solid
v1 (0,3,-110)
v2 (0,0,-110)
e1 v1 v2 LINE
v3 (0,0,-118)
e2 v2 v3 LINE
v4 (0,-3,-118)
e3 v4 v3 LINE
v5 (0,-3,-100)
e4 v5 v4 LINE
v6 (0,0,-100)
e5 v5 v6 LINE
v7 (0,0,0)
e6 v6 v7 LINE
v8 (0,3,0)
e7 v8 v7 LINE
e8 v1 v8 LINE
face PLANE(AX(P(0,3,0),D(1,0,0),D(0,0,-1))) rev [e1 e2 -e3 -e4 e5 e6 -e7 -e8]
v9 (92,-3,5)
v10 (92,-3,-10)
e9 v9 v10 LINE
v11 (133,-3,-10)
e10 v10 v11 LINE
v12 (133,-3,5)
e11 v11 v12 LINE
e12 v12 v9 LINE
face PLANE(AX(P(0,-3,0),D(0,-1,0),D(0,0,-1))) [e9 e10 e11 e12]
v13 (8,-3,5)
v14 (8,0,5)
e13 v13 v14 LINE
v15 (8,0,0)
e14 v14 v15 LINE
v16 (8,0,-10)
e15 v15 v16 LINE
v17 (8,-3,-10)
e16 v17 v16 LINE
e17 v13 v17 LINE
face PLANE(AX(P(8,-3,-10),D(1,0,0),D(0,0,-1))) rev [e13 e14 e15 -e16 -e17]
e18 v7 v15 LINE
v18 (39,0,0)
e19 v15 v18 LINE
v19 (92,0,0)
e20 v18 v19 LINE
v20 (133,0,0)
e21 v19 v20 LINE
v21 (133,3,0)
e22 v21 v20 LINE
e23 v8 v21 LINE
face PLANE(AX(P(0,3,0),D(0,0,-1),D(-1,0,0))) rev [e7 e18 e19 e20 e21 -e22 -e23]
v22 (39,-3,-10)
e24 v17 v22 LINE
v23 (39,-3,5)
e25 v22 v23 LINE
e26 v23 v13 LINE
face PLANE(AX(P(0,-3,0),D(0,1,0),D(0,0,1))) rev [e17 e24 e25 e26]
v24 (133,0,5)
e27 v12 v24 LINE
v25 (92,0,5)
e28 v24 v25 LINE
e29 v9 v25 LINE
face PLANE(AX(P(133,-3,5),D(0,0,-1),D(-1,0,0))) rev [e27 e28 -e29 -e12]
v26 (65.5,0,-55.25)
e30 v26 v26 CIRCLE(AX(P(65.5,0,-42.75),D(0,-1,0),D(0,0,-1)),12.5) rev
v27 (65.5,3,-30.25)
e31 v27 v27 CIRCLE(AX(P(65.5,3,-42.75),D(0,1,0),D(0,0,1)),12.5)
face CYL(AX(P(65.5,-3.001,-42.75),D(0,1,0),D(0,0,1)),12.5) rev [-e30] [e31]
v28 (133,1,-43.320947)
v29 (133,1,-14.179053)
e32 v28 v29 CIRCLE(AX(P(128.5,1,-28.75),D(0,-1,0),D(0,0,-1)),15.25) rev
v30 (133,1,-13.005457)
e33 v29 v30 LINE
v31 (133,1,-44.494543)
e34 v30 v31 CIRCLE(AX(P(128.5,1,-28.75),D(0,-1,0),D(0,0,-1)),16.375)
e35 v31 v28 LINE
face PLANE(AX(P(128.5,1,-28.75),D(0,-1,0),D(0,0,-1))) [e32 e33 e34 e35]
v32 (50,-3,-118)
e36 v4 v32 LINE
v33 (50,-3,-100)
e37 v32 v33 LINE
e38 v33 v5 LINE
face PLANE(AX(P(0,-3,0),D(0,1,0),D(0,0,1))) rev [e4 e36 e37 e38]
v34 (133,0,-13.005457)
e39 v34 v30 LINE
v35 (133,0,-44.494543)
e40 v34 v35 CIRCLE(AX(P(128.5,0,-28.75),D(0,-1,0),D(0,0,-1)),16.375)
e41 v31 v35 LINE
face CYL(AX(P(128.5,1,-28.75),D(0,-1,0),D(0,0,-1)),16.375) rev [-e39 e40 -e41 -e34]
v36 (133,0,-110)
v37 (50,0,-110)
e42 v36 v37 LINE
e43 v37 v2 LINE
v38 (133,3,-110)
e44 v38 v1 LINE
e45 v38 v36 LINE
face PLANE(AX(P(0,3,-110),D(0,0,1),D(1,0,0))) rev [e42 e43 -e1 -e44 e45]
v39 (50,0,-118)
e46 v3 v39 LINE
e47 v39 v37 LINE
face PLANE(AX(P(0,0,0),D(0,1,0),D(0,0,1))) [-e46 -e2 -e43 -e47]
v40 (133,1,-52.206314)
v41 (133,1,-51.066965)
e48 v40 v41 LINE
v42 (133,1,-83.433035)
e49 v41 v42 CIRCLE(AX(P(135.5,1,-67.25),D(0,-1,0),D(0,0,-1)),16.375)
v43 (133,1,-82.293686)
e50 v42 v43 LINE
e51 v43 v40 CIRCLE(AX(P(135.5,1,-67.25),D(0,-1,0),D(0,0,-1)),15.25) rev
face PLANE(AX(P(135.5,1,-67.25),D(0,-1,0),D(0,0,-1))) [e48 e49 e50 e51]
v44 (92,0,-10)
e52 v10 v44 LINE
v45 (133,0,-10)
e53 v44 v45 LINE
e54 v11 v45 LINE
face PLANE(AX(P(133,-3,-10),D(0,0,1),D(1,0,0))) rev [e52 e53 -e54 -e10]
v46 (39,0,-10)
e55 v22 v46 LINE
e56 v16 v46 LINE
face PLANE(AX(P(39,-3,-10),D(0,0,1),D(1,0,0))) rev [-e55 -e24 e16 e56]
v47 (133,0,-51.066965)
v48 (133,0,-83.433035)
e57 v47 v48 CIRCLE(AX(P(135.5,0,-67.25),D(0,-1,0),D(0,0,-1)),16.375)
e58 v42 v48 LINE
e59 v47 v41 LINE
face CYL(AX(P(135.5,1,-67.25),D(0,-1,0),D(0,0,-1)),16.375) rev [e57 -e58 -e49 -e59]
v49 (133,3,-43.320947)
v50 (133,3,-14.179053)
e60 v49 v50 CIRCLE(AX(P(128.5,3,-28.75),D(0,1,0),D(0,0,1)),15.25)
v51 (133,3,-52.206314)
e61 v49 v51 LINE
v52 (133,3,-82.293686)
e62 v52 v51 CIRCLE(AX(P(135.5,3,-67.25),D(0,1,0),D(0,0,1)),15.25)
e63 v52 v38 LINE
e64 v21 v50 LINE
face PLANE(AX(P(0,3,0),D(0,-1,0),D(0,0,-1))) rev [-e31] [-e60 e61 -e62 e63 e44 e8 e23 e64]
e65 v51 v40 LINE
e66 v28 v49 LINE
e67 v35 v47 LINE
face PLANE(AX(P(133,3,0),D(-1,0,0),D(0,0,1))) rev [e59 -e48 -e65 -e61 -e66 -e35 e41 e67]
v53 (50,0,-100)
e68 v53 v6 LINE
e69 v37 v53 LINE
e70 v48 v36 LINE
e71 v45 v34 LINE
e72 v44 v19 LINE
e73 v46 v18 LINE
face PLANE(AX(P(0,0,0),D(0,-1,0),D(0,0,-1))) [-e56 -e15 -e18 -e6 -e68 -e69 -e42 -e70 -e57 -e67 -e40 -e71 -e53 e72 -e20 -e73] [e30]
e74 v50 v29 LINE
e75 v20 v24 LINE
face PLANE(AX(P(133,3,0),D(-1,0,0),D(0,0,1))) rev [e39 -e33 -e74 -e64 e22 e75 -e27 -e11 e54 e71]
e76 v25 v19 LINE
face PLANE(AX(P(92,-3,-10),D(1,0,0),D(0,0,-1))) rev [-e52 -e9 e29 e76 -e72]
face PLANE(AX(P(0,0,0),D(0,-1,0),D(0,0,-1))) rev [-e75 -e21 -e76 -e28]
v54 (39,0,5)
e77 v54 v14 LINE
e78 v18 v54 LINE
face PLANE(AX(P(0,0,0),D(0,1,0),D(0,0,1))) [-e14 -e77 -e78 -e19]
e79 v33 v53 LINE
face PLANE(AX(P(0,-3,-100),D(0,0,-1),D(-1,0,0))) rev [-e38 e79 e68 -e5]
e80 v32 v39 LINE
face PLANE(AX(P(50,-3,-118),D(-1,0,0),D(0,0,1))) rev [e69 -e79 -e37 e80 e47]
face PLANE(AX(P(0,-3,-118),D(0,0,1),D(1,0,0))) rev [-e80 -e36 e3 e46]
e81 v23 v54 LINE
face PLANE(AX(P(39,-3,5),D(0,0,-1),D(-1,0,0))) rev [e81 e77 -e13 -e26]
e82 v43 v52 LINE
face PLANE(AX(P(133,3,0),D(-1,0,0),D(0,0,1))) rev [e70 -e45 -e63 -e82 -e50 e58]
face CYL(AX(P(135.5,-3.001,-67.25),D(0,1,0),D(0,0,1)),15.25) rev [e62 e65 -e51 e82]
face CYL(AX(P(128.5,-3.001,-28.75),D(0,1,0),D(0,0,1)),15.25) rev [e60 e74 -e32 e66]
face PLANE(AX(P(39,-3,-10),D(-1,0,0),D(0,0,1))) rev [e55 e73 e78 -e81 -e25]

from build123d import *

# Parameters (mm, degrees)
SKETCH1_W           = 133
SKETCH1_H           = 110
BOSS_EXTRUDE1_DEPTH = 3
SKETCH2_W           = 50
SKETCH2_H           = 18
SKETCH2_W_2         = 41
SKETCH2_H_2         = 15
SKETCH2_W_3         = 31
BOSS_EXTRUDE2_DEPTH = 3
CUT_EXTRUDE1_REACH  = 8
SKETCH3_R           = 12.5
SKETCH3_R_2         = 15.25
SKETCH4_R           = 16.375
CUT_EXTRUDE2_DEPTH  = 1


with BuildPart() as part:
    # Sketch1 → Boss-Extrude1 (new body)
    with BuildSketch(Plane(origin=(0, 0, 0), x_dir=(1, 0, 0), z_dir=(0, 1, 0))):
        with Locations((66.5, 55)):
            Rectangle(SKETCH1_W, SKETCH1_H)
    extrude(amount=BOSS_EXTRUDE1_DEPTH)

    # Sketch2 → Boss-Extrude2 (add)
    with BuildSketch(Plane.XZ):
        with Locations((25, -109)):
            Rectangle(SKETCH2_W, SKETCH2_H)
        with Locations((112.5, -2.5)):
            Rectangle(SKETCH2_W_2, SKETCH2_H_2)
        with Locations((23.5, -2.5)):
            Rectangle(SKETCH2_W_3, SKETCH2_H_2)
    extrude(amount=BOSS_EXTRUDE2_DEPTH)

    # Sketch3 → Cut-Extrude1 (cut, up to next)
    with BuildSketch(Plane(origin=(0, 3, 0), x_dir=(1, 0, 0), z_dir=(0, 1, 0)), mode=Mode.PRIVATE) as cut_extrude1_sk1:
        with Locations((65.5, 42.75)):
            Circle(SKETCH3_R)
    cut_extrude1_tool1 = extrude(cut_extrude1_sk1.sketch, amount=-CUT_EXTRUDE1_REACH, mode=Mode.PRIVATE) & part.part
    add(cut_extrude1_tool1.solids().sort_by_distance((65.5, 3, -42.75))[0], mode=Mode.SUBTRACT)
    # Sketch3 → Cut-Extrude1 (cut, up to next)
    with BuildSketch(Plane(origin=(0, 3, 0), x_dir=(1, 0, 0), z_dir=(0, 1, 0)), mode=Mode.PRIVATE) as cut_extrude1_sk2:
        with Locations((128.5, 28.75)):
            Circle(SKETCH3_R_2)
    cut_extrude1_tool2 = extrude(cut_extrude1_sk2.sketch, amount=-CUT_EXTRUDE1_REACH, mode=Mode.PRIVATE) & part.part
    add(cut_extrude1_tool2.solids().sort_by_distance((128.5, 3, -28.75))[0], mode=Mode.SUBTRACT)
    # Sketch3 → Cut-Extrude1 (cut, up to next)
    with BuildSketch(Plane(origin=(0, 3, 0), x_dir=(1, 0, 0), z_dir=(0, 1, 0)), mode=Mode.PRIVATE) as cut_extrude1_sk3:
        with Locations((135.5, 67.25)):
            Circle(SKETCH3_R_2)
    cut_extrude1_tool3 = extrude(cut_extrude1_sk3.sketch, amount=-CUT_EXTRUDE1_REACH, mode=Mode.PRIVATE) & part.part
    add(cut_extrude1_tool3.solids().sort_by_distance((135.5, 3, -67.25))[0], mode=Mode.SUBTRACT)

    # Sketch4 → Cut-Extrude2 (cut)
    with BuildSketch(Plane.XZ):
        with Locations((128.5, -28.75)):
            Circle(SKETCH4_R)
        with Locations((135.5, -67.25)):
            Circle(SKETCH4_R)
    extrude(amount=-CUT_EXTRUDE2_DEPTH, mode=Mode.SUBTRACT)


solid = part.part
